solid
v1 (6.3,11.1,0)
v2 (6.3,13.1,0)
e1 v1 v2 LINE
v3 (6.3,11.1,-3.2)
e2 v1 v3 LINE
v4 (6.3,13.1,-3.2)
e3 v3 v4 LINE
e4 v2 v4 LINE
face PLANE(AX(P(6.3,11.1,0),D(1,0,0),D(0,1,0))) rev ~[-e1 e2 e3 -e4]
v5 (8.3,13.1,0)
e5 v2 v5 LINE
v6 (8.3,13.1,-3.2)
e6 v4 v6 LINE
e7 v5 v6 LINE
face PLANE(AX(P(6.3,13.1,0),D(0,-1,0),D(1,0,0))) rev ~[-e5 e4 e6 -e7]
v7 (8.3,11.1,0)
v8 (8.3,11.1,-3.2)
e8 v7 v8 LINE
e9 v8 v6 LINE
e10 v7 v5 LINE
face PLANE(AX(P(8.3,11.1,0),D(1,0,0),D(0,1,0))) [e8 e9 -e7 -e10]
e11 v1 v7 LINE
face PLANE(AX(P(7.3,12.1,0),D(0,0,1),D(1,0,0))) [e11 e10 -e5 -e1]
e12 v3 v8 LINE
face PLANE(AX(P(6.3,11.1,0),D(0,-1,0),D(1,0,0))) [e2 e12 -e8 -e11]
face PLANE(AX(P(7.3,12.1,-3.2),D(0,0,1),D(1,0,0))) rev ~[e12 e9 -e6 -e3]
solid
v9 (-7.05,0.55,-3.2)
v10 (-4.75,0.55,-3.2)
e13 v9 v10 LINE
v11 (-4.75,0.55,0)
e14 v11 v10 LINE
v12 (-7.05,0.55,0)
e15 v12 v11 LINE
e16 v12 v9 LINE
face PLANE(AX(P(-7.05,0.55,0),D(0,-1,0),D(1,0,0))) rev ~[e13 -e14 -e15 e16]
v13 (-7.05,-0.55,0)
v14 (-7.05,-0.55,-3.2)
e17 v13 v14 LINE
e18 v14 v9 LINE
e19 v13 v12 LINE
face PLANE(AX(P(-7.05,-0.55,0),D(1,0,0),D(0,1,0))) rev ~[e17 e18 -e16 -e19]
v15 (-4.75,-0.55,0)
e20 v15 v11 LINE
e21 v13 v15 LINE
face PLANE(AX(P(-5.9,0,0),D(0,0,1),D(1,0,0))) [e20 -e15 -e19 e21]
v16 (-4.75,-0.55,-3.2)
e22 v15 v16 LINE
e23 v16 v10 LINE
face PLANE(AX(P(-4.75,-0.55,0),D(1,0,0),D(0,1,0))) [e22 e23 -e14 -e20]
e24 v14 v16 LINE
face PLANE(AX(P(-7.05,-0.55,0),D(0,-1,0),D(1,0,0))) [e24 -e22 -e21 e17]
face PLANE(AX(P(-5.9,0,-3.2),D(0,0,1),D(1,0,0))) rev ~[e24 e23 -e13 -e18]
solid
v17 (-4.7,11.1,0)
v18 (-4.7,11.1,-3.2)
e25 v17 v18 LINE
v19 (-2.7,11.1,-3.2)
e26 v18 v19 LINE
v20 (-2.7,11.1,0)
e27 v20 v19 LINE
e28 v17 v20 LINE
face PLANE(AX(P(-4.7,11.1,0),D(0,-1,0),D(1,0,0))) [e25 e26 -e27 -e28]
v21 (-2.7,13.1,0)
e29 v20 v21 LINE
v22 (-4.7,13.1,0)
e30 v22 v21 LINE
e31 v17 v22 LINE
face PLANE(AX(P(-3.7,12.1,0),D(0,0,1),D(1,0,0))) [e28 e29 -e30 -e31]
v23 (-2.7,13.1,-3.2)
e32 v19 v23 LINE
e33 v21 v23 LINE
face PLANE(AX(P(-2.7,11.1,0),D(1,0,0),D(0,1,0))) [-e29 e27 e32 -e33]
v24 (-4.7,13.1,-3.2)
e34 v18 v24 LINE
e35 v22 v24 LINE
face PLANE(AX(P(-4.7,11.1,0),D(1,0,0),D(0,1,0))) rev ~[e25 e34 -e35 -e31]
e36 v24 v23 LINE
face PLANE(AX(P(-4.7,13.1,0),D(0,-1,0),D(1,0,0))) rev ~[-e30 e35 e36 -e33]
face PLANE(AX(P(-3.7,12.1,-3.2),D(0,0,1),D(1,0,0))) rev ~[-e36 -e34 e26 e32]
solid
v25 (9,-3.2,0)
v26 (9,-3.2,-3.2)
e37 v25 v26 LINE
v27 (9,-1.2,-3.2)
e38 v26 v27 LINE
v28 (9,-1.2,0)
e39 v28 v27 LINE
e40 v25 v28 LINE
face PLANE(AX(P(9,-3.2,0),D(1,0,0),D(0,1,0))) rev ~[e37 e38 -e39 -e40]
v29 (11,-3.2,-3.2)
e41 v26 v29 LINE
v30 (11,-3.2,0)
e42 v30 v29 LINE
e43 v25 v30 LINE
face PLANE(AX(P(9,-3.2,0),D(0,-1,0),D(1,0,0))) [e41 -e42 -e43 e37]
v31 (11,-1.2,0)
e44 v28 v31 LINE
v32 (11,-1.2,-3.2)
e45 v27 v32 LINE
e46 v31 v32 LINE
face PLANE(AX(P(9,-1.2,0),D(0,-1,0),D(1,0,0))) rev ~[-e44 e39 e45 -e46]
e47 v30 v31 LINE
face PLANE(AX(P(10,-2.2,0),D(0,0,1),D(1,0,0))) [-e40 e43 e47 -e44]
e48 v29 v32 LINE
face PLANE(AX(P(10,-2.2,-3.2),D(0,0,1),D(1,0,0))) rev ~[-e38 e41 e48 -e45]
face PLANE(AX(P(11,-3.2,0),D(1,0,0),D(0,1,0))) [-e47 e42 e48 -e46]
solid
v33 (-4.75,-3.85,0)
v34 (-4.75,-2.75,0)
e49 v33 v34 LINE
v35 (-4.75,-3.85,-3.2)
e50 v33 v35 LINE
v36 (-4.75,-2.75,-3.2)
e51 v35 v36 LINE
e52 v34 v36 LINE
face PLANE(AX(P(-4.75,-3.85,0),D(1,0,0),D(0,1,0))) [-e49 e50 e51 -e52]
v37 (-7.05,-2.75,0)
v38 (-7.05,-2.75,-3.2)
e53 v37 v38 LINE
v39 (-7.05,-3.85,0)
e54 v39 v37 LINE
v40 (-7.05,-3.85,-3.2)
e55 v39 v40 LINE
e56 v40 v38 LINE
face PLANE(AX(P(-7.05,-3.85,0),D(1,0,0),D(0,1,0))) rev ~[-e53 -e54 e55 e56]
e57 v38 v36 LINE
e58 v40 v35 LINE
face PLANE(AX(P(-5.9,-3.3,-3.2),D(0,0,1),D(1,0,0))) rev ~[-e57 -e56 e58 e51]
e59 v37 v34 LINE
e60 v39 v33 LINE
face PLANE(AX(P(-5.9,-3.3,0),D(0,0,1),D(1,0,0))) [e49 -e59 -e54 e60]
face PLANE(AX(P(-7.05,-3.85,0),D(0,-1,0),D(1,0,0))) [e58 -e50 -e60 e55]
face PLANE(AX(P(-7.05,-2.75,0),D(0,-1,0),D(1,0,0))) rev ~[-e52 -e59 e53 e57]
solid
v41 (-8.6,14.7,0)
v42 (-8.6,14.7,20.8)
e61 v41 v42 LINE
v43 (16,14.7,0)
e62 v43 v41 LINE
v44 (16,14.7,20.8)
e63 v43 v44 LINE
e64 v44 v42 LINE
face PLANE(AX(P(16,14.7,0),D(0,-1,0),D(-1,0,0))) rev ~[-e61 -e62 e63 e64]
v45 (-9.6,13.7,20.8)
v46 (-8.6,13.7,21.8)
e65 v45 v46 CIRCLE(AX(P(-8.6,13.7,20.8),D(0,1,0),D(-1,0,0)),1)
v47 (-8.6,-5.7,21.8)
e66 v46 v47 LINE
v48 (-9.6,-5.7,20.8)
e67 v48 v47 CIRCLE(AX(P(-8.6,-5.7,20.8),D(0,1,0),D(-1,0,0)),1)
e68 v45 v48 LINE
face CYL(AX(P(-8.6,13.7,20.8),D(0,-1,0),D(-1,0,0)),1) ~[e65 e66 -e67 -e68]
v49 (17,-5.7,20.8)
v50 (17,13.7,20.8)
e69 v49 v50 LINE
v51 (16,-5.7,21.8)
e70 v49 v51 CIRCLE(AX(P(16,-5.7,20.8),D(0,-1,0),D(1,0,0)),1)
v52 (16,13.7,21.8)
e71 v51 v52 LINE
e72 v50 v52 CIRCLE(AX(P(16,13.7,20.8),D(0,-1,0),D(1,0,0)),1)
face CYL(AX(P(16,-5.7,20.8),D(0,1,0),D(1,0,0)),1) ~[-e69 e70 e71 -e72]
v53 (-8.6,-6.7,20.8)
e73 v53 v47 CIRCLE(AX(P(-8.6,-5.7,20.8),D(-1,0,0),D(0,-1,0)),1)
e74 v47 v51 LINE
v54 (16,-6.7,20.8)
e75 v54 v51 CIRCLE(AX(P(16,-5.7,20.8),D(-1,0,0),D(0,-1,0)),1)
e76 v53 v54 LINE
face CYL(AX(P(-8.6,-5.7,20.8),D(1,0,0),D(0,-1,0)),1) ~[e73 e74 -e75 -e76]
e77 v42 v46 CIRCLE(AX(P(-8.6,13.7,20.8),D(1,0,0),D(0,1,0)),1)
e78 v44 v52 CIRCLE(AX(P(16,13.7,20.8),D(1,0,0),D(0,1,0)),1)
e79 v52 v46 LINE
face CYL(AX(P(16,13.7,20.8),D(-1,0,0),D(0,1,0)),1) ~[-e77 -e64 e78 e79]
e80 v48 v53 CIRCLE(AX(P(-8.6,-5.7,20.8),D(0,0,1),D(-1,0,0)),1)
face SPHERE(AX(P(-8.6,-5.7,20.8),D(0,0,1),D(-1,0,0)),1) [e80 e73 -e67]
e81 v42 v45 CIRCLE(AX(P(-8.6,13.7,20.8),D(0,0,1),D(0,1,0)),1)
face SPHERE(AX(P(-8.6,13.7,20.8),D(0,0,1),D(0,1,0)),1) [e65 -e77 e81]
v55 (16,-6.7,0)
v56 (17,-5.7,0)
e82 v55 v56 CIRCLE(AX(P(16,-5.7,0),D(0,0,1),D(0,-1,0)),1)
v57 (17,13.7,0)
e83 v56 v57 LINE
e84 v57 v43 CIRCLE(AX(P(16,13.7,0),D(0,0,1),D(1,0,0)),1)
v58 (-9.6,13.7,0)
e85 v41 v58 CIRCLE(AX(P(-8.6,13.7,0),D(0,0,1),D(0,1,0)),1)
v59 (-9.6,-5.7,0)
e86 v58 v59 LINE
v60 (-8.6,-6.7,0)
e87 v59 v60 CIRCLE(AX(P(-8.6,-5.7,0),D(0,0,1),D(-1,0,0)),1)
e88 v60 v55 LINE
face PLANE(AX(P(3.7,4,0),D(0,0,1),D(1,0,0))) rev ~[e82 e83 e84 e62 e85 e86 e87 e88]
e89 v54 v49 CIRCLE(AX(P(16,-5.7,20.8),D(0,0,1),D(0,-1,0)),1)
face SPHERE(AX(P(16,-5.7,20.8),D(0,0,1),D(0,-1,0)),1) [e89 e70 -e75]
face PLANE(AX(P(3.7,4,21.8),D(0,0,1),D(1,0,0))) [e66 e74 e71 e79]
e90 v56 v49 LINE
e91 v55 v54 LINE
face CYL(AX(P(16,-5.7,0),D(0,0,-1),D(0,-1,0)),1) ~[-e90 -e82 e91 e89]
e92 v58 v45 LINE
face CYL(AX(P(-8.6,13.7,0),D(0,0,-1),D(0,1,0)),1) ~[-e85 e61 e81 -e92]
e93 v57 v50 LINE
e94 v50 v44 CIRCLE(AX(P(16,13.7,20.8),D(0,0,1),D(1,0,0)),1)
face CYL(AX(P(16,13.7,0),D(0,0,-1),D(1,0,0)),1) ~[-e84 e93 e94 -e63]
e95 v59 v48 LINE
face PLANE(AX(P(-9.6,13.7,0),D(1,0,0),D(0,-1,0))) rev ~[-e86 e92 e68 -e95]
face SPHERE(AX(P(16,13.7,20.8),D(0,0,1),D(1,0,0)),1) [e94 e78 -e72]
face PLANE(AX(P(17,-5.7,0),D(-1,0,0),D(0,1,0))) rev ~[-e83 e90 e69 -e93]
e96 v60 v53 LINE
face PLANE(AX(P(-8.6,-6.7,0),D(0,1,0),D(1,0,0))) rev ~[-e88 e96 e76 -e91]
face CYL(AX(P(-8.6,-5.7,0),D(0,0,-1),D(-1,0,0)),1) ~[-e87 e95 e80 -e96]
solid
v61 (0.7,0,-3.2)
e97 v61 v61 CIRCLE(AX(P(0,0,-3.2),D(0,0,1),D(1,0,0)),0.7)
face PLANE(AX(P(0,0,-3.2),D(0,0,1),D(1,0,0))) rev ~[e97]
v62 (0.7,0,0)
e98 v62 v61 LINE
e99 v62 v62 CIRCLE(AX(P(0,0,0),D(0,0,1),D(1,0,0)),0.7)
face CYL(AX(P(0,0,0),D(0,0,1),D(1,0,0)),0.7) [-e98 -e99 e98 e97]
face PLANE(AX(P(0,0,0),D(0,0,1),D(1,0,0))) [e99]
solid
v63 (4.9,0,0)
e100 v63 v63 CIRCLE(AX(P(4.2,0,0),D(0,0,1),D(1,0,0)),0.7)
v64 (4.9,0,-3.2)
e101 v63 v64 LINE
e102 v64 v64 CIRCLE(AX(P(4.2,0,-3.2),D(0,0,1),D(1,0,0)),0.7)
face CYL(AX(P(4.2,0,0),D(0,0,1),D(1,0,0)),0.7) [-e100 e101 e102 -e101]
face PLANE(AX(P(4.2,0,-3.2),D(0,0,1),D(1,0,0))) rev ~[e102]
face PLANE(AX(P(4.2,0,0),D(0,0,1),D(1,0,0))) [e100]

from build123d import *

# Parameters (mm, degrees)
F2_DEPTH = 21.8
F0_W     = 2
F0_H     = 2
F3_DEPTH = 3.2
F0_R     = 0.7
F0_W_2   = 2.3
F0_H_2   = 1.1
F4_R     = 1


with BuildPart() as f2:
    # F1 (on Top) → F2 (new body)
    with BuildSketch(Plane.XY):
        with BuildLine():
            ThreePointArc((-9.6, -5.7), (-9.3071067812, -6.4071067812), (-8.6, -6.7))
            Line((-8.6, -6.7), (16, -6.7))
            ThreePointArc((16, -6.7), (16.7071067812, -6.4071067812), (17, -5.7))
            Line((17, -5.7), (17, 13.7))
            ThreePointArc((17, 13.7), (16.7071067812, 14.4071067812), (16, 14.7))
            Line((16, 14.7), (-8.6, 14.7))
            ThreePointArc((-8.6, 14.7), (-9.3071067812, 14.4071067812), (-9.6, 13.7))
            Line((-9.6, 13.7), (-9.6, -5.7))
        make_face()
    extrude(amount=F2_DEPTH)

    # F4
    f4_edges = [f2.edges().sort_by_distance(p)[0] for p in [
        (-9.6, 4, 21.8),
        (-9.307107, -6.407107, 21.8),
        (3.7, -6.7, 21.8),
        (16.707107, -6.407107, 21.8),
        (17, 4, 21.8),
        (16.707107, 14.407107, 21.8),
        (3.7, 14.7, 21.8),
        (-9.307107, 14.407107, 21.8),
    ]]
    fillet(f4_edges, radius=F4_R)


with BuildPart() as f3:
    # F0 (on Top) → F3 (new body)
    with BuildSketch(Plane.XY):
        with Locations((10, -2.2)):
            Rectangle(F0_W, F0_H)
    extrude(amount=-F3_DEPTH)


with BuildPart() as f3b:
    # F0 (on Top) → F3, piece 2 (new body)
    with BuildSketch(Plane.XY):
        with Locations((7.3, 12.1)):
            Rectangle(F0_W, F0_H)
    extrude(amount=-F3_DEPTH)


with BuildPart() as f3c:
    # F0 (on Top) → F3, piece 3 (new body)
    with BuildSketch(Plane.XY):
        with Locations((4.2, 0)):
            Circle(F0_R)
    extrude(amount=-F3_DEPTH)


with BuildPart() as f3d:
    # F0 (on Top) → F3, piece 4 (new body)
    with BuildSketch(Plane.XY):
        Circle(F0_R)
    extrude(amount=-F3_DEPTH)


with BuildPart() as f3e:
    # F0 (on Top) → F3, piece 5 (new body)
    with BuildSketch(Plane.XY):
        with Locations((-5.9, -3.3)):
            Rectangle(F0_W_2, F0_H_2)
    extrude(amount=-F3_DEPTH)


with BuildPart() as f3f:
    # F0 (on Top) → F3, piece 6 (new body)
    with BuildSketch(Plane.XY):
        with Locations((-5.9, 0)):
            Rectangle(F0_W_2, F0_H_2)
    extrude(amount=-F3_DEPTH)


with BuildPart() as f3g:
    # F0 (on Top) → F3, piece 7 (new body)
    with BuildSketch(Plane.XY):
        with Locations((-3.7, 12.1)):
            Rectangle(F0_W, F0_H)
    extrude(amount=-F3_DEPTH)


solid = Compound([f2.part, f3.part, f3b.part, f3c.part, f3d.part, f3e.part, f3f.part, f3g.part])
